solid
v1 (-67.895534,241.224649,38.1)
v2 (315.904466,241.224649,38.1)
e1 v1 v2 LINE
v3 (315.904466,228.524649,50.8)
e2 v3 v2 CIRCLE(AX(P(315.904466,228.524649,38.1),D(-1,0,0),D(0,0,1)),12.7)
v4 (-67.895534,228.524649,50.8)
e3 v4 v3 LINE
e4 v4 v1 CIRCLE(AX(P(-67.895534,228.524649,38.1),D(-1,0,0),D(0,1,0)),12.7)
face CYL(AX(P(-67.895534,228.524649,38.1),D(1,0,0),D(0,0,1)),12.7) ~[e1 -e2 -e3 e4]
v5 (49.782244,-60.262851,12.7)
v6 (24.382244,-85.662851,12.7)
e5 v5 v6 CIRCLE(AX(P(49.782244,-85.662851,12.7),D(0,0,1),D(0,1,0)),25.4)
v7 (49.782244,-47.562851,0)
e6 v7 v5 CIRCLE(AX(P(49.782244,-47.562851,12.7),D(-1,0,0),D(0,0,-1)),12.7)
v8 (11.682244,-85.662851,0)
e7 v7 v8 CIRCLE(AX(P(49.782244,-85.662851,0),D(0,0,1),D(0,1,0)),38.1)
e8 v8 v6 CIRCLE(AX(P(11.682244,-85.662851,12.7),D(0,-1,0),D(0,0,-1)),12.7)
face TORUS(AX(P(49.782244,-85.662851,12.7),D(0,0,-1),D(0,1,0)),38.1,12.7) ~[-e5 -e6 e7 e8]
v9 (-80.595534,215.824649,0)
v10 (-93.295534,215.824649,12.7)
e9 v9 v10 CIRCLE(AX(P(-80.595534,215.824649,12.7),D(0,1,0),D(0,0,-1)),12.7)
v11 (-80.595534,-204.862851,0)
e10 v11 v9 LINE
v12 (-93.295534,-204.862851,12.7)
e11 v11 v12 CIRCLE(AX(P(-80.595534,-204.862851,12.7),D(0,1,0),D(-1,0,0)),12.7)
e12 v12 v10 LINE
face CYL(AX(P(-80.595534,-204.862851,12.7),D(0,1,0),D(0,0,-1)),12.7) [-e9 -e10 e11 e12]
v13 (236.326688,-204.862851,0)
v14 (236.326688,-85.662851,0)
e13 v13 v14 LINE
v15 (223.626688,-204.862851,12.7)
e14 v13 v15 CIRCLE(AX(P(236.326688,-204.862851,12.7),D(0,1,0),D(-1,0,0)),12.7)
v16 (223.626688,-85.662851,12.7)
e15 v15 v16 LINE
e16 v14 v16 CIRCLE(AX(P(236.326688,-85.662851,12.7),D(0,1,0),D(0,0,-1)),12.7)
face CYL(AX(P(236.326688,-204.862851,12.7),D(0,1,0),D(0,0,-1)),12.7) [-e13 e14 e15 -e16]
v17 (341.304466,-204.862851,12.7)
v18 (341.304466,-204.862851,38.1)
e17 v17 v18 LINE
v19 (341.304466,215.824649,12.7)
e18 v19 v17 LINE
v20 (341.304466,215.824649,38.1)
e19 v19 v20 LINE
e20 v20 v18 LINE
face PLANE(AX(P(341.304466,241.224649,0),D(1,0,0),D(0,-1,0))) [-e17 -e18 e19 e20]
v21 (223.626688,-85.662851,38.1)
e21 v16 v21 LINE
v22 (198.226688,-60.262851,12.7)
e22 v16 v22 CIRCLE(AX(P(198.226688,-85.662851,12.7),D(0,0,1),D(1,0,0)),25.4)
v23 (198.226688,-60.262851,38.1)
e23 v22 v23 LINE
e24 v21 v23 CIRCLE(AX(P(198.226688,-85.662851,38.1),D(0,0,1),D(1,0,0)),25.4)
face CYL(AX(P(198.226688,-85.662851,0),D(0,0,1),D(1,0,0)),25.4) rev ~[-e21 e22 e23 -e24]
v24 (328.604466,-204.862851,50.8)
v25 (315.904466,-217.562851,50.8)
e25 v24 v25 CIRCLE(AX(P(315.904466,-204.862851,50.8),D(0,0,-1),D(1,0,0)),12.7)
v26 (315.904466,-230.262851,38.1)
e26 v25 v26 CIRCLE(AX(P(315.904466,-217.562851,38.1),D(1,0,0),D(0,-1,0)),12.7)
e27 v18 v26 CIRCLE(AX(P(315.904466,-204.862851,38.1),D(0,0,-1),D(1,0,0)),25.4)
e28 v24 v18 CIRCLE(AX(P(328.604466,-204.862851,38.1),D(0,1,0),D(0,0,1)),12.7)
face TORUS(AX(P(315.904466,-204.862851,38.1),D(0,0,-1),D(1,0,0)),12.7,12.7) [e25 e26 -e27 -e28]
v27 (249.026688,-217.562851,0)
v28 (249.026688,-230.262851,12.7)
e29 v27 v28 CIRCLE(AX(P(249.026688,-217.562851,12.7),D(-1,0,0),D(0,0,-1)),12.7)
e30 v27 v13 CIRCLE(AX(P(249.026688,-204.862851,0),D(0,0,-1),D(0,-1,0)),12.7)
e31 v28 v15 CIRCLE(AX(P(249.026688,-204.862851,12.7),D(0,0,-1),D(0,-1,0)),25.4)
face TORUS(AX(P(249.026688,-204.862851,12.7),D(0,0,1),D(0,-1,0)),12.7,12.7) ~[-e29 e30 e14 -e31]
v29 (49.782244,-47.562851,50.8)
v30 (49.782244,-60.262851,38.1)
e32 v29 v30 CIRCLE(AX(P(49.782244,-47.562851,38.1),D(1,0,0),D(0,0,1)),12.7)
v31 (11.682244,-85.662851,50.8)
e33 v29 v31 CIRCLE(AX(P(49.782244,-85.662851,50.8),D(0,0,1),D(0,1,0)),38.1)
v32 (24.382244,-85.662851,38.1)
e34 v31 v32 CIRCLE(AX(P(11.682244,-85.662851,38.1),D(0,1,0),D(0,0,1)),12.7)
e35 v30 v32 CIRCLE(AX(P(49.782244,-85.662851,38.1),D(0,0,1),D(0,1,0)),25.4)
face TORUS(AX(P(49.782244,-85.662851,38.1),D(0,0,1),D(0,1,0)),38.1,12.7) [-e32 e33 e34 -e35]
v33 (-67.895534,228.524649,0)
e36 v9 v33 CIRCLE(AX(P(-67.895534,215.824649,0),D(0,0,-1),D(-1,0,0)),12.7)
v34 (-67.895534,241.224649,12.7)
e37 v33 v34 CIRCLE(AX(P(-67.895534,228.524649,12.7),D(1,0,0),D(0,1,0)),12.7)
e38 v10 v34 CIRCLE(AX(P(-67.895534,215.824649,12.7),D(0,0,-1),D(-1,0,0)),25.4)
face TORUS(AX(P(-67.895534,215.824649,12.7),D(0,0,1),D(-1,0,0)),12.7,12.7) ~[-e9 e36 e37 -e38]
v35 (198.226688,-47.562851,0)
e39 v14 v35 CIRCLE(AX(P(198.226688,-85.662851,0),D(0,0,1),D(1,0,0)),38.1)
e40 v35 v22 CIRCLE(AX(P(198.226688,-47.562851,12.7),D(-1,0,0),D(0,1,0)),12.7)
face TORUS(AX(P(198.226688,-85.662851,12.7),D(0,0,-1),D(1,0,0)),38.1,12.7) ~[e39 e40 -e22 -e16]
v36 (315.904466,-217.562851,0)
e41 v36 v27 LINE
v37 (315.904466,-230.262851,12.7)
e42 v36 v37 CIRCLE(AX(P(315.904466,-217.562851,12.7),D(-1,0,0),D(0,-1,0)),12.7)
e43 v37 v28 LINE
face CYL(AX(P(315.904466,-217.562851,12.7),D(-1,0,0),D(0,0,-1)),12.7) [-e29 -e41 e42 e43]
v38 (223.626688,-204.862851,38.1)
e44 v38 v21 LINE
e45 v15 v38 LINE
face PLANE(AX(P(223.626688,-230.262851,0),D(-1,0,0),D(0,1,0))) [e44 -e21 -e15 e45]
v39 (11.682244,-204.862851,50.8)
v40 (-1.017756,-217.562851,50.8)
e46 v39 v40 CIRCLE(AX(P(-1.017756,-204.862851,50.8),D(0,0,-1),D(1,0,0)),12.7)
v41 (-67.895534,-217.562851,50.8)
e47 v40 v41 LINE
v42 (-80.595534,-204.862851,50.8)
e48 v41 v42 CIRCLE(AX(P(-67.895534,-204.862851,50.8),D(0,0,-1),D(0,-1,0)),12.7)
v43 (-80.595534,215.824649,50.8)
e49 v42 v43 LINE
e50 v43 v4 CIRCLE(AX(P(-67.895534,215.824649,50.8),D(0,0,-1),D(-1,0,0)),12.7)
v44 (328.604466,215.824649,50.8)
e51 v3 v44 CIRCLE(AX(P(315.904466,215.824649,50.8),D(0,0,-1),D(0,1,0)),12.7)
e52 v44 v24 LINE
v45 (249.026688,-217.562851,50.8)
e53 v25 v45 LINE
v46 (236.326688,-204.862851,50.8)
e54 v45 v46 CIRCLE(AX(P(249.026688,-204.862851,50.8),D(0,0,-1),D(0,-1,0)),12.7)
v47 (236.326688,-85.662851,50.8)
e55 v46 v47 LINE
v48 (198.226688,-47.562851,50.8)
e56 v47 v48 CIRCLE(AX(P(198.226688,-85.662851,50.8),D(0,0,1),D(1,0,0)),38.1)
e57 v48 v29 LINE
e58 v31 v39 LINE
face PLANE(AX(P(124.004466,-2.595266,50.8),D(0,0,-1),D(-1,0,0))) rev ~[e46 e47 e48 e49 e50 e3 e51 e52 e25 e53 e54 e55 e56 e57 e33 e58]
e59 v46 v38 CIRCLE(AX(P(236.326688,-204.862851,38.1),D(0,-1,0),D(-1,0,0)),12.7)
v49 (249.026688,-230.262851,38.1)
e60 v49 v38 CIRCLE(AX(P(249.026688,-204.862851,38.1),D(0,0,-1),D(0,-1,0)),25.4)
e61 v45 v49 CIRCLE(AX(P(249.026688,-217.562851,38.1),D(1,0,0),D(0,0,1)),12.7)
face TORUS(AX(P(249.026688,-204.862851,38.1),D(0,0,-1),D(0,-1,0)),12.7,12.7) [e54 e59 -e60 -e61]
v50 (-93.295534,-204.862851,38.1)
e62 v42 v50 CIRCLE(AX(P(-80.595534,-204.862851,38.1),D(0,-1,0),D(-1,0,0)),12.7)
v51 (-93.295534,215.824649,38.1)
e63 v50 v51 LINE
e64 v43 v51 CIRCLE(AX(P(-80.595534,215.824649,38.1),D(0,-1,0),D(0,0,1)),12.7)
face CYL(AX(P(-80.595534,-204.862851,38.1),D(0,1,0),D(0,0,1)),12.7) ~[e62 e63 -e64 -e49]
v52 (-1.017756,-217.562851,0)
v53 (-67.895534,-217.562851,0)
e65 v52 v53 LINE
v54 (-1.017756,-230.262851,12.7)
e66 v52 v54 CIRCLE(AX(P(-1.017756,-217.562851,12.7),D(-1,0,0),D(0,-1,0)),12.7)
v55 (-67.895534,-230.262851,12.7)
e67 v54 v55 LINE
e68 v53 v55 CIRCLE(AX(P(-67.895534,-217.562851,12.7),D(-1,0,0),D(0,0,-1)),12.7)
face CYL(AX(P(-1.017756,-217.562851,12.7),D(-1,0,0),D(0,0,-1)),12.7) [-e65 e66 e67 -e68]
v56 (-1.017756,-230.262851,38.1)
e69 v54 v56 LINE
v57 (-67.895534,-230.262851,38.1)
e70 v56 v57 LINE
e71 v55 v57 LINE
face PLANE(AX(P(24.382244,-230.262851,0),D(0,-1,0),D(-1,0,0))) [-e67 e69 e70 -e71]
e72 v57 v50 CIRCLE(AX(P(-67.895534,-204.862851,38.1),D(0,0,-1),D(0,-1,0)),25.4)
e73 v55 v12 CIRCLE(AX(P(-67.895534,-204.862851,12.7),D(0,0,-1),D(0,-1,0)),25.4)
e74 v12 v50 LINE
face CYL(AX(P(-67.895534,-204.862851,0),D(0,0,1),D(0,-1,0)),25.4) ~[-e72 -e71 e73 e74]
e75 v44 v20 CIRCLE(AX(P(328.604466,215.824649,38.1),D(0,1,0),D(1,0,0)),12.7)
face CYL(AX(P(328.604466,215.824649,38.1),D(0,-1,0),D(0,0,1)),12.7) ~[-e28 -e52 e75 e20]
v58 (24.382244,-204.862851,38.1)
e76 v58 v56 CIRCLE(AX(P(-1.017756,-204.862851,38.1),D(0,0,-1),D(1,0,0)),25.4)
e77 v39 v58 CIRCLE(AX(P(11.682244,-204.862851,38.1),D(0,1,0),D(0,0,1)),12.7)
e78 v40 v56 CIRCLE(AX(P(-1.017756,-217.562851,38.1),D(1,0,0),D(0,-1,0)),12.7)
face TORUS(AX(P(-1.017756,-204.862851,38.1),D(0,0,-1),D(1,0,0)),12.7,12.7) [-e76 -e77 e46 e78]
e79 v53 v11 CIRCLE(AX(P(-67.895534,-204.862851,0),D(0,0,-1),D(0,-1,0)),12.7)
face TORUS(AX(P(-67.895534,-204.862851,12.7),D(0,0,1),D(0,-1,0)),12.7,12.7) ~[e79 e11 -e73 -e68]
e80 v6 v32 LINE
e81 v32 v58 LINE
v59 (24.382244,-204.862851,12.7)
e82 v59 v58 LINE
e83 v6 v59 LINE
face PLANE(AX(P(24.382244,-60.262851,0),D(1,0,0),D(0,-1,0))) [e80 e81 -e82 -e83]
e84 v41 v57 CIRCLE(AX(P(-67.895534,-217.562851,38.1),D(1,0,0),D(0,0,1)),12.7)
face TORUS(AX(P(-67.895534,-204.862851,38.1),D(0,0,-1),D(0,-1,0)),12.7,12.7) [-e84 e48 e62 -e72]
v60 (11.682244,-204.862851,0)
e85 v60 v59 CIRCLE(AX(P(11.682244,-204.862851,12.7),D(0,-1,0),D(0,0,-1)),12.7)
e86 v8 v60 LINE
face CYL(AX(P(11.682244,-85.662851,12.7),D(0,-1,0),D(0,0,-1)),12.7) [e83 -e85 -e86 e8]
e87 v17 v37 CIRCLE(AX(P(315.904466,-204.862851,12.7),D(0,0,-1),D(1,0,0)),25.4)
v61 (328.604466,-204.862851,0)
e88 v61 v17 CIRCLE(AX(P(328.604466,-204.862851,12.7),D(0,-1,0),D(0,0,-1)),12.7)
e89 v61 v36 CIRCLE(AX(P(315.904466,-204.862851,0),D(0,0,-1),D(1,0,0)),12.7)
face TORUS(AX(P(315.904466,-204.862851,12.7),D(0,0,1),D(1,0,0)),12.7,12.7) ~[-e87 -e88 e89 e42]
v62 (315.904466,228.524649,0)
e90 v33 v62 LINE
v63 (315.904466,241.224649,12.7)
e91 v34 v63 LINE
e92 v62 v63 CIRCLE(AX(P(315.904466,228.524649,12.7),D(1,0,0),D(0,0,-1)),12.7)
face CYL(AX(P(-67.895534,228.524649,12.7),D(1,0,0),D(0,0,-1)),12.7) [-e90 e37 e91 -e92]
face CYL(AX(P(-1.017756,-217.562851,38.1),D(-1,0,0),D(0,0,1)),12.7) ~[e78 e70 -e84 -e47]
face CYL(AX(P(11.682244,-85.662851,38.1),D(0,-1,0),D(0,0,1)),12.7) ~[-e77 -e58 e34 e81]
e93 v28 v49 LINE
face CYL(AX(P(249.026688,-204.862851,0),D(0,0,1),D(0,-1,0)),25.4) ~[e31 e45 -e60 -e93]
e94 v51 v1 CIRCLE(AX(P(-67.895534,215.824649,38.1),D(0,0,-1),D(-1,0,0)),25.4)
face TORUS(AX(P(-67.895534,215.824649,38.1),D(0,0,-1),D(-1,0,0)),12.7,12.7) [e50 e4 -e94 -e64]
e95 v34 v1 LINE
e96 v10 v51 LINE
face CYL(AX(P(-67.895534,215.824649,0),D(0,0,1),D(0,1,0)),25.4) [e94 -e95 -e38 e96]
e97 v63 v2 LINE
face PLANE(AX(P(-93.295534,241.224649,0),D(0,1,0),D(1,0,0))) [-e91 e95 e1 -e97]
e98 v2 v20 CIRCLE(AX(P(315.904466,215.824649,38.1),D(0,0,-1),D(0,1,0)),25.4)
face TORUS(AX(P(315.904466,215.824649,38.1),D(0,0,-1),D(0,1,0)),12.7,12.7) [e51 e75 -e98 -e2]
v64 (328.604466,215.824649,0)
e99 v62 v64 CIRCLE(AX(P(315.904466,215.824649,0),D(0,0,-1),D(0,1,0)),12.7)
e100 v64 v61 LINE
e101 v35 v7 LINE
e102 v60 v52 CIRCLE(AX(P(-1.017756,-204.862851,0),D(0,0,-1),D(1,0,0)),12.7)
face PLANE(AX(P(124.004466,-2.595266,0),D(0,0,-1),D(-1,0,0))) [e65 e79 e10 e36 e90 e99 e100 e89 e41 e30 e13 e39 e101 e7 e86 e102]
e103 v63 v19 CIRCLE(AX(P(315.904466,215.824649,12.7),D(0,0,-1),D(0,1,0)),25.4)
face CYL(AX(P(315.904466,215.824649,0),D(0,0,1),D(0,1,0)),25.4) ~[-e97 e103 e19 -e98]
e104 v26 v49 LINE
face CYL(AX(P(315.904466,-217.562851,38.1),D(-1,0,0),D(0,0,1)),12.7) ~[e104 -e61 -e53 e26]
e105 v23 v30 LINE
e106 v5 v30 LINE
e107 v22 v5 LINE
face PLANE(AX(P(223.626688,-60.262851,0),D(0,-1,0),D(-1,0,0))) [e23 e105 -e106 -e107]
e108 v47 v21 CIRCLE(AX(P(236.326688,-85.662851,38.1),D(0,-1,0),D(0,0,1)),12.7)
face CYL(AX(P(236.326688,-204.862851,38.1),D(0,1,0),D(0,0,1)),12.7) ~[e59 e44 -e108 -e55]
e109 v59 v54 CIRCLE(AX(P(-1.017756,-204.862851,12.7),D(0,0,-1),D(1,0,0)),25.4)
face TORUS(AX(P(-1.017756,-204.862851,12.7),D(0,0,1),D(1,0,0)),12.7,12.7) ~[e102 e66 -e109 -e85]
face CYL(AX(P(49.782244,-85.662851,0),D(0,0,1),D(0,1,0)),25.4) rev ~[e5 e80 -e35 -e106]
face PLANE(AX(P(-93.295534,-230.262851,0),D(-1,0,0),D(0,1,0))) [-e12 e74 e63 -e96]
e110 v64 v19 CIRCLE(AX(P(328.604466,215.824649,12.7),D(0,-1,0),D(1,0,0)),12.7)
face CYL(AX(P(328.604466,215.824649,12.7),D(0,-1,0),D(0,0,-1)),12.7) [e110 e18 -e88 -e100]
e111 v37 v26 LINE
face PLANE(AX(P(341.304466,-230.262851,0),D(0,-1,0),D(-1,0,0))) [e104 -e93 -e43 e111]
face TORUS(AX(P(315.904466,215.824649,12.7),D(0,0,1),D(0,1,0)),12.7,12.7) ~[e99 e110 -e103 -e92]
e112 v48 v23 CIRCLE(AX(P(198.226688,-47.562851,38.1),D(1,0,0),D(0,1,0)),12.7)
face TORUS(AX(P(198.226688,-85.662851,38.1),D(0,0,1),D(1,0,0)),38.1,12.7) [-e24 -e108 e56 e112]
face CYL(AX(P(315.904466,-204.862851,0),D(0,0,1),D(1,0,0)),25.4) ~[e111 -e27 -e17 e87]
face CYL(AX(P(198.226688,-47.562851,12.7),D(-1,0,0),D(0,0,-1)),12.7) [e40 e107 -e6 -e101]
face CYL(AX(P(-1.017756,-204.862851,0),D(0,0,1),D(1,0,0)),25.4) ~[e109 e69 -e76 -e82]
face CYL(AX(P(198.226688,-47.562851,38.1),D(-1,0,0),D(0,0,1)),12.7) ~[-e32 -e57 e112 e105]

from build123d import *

# Parameters (mm, degrees)
BOSS_EXTRUDE1_DEPTH = 50.8
FILLET1_R           = 25.4
FILLET2_R           = 12.7


with BuildPart() as part:
    # Sketch1 → Boss-Extrude1 (new body)
    with BuildSketch(Plane.XY):
        Polygon((-93.295534025, 241.224648834), (341.304465963, 241.224648834), (341.304465963, -230.262851166), (223.626687979, -230.262851166), (223.626687979, -60.262851166), (24.382243959, -60.262851166), (24.382243959, -230.262851166), (-93.295534025, -230.262851166), align=None)
    extrude(amount=BOSS_EXTRUDE1_DEPTH)

    # Fillet1
    fillet1_edges = [part.edges().sort_by_distance(p)[0] for p in [
        (-93.295534025, 241.224648834, 25.4),
        (341.304465963, 241.224648834, 25.4),
        (341.304465963, -230.262851166, 25.4),
        (223.626687979, -230.262851166, 25.4),
        (223.626687979, -60.262851166, 25.4),
        (24.382243959, -60.262851166, 25.4),
        (24.382243959, -230.262851166, 25.4),
        (-93.295534025, -230.262851166, 25.4),
    ]]
    fillet(fillet1_edges, radius=FILLET1_R)

    # Fillet2
    fillet2_edges = [part.edges().sort_by_distance(p)[0] for p in [
        (24.382243959, -145.262851166, 0),
        (24.382243959, -145.262851166, 50.8),
        (-93.295534025, 5.480898834, 0),
        (124.004465969, 241.224648834, 0),
        (341.304465963, 5.480898834, 0),
        (282.465576971, -230.262851166, 0),
        (223.626687979, -145.262851166, 0),
        (124.004465969, -60.262851166, 0),
        (-34.456645033, -230.262851166, 0),
        (231.066175737, -222.823363409, 0),
        (333.864978205, -222.823363409, 0),
        (333.864978205, 233.785161076, 0),
        (-85.856046267, 233.785161076, 0),
        (-85.856046267, -222.823363409, 0),
        (16.942756201, -222.823363409, 0),
        (-34.456645033, -230.262851166, 50.8),
        (-93.295534025, 5.480898834, 50.8),
        (124.004465969, -60.262851166, 50.8),
        (223.626687979, -145.262851166, 50.8),
        (282.465576971, -230.262851166, 50.8),
        (341.304465963, 5.480898834, 50.8),
        (124.004465969, 241.224648834, 50.8),
        (231.066175737, -222.823363409, 50.8),
        (333.864978205, -222.823363409, 50.8),
        (333.864978205, 233.785161076, 50.8),
        (-85.856046267, 233.785161076, 50.8),
        (-85.856046267, -222.823363409, 50.8),
        (16.942756201, -222.823363409, 50.8),
        (216.187200221, -67.702338924, 0),
        (216.187200221, -67.702338924, 50.8),
        (31.821731717, -67.702338924, 0),
        (31.821731717, -67.702338924, 50.8),
    ]]
    fillet(fillet2_edges, radius=FILLET2_R)


solid = part.part
